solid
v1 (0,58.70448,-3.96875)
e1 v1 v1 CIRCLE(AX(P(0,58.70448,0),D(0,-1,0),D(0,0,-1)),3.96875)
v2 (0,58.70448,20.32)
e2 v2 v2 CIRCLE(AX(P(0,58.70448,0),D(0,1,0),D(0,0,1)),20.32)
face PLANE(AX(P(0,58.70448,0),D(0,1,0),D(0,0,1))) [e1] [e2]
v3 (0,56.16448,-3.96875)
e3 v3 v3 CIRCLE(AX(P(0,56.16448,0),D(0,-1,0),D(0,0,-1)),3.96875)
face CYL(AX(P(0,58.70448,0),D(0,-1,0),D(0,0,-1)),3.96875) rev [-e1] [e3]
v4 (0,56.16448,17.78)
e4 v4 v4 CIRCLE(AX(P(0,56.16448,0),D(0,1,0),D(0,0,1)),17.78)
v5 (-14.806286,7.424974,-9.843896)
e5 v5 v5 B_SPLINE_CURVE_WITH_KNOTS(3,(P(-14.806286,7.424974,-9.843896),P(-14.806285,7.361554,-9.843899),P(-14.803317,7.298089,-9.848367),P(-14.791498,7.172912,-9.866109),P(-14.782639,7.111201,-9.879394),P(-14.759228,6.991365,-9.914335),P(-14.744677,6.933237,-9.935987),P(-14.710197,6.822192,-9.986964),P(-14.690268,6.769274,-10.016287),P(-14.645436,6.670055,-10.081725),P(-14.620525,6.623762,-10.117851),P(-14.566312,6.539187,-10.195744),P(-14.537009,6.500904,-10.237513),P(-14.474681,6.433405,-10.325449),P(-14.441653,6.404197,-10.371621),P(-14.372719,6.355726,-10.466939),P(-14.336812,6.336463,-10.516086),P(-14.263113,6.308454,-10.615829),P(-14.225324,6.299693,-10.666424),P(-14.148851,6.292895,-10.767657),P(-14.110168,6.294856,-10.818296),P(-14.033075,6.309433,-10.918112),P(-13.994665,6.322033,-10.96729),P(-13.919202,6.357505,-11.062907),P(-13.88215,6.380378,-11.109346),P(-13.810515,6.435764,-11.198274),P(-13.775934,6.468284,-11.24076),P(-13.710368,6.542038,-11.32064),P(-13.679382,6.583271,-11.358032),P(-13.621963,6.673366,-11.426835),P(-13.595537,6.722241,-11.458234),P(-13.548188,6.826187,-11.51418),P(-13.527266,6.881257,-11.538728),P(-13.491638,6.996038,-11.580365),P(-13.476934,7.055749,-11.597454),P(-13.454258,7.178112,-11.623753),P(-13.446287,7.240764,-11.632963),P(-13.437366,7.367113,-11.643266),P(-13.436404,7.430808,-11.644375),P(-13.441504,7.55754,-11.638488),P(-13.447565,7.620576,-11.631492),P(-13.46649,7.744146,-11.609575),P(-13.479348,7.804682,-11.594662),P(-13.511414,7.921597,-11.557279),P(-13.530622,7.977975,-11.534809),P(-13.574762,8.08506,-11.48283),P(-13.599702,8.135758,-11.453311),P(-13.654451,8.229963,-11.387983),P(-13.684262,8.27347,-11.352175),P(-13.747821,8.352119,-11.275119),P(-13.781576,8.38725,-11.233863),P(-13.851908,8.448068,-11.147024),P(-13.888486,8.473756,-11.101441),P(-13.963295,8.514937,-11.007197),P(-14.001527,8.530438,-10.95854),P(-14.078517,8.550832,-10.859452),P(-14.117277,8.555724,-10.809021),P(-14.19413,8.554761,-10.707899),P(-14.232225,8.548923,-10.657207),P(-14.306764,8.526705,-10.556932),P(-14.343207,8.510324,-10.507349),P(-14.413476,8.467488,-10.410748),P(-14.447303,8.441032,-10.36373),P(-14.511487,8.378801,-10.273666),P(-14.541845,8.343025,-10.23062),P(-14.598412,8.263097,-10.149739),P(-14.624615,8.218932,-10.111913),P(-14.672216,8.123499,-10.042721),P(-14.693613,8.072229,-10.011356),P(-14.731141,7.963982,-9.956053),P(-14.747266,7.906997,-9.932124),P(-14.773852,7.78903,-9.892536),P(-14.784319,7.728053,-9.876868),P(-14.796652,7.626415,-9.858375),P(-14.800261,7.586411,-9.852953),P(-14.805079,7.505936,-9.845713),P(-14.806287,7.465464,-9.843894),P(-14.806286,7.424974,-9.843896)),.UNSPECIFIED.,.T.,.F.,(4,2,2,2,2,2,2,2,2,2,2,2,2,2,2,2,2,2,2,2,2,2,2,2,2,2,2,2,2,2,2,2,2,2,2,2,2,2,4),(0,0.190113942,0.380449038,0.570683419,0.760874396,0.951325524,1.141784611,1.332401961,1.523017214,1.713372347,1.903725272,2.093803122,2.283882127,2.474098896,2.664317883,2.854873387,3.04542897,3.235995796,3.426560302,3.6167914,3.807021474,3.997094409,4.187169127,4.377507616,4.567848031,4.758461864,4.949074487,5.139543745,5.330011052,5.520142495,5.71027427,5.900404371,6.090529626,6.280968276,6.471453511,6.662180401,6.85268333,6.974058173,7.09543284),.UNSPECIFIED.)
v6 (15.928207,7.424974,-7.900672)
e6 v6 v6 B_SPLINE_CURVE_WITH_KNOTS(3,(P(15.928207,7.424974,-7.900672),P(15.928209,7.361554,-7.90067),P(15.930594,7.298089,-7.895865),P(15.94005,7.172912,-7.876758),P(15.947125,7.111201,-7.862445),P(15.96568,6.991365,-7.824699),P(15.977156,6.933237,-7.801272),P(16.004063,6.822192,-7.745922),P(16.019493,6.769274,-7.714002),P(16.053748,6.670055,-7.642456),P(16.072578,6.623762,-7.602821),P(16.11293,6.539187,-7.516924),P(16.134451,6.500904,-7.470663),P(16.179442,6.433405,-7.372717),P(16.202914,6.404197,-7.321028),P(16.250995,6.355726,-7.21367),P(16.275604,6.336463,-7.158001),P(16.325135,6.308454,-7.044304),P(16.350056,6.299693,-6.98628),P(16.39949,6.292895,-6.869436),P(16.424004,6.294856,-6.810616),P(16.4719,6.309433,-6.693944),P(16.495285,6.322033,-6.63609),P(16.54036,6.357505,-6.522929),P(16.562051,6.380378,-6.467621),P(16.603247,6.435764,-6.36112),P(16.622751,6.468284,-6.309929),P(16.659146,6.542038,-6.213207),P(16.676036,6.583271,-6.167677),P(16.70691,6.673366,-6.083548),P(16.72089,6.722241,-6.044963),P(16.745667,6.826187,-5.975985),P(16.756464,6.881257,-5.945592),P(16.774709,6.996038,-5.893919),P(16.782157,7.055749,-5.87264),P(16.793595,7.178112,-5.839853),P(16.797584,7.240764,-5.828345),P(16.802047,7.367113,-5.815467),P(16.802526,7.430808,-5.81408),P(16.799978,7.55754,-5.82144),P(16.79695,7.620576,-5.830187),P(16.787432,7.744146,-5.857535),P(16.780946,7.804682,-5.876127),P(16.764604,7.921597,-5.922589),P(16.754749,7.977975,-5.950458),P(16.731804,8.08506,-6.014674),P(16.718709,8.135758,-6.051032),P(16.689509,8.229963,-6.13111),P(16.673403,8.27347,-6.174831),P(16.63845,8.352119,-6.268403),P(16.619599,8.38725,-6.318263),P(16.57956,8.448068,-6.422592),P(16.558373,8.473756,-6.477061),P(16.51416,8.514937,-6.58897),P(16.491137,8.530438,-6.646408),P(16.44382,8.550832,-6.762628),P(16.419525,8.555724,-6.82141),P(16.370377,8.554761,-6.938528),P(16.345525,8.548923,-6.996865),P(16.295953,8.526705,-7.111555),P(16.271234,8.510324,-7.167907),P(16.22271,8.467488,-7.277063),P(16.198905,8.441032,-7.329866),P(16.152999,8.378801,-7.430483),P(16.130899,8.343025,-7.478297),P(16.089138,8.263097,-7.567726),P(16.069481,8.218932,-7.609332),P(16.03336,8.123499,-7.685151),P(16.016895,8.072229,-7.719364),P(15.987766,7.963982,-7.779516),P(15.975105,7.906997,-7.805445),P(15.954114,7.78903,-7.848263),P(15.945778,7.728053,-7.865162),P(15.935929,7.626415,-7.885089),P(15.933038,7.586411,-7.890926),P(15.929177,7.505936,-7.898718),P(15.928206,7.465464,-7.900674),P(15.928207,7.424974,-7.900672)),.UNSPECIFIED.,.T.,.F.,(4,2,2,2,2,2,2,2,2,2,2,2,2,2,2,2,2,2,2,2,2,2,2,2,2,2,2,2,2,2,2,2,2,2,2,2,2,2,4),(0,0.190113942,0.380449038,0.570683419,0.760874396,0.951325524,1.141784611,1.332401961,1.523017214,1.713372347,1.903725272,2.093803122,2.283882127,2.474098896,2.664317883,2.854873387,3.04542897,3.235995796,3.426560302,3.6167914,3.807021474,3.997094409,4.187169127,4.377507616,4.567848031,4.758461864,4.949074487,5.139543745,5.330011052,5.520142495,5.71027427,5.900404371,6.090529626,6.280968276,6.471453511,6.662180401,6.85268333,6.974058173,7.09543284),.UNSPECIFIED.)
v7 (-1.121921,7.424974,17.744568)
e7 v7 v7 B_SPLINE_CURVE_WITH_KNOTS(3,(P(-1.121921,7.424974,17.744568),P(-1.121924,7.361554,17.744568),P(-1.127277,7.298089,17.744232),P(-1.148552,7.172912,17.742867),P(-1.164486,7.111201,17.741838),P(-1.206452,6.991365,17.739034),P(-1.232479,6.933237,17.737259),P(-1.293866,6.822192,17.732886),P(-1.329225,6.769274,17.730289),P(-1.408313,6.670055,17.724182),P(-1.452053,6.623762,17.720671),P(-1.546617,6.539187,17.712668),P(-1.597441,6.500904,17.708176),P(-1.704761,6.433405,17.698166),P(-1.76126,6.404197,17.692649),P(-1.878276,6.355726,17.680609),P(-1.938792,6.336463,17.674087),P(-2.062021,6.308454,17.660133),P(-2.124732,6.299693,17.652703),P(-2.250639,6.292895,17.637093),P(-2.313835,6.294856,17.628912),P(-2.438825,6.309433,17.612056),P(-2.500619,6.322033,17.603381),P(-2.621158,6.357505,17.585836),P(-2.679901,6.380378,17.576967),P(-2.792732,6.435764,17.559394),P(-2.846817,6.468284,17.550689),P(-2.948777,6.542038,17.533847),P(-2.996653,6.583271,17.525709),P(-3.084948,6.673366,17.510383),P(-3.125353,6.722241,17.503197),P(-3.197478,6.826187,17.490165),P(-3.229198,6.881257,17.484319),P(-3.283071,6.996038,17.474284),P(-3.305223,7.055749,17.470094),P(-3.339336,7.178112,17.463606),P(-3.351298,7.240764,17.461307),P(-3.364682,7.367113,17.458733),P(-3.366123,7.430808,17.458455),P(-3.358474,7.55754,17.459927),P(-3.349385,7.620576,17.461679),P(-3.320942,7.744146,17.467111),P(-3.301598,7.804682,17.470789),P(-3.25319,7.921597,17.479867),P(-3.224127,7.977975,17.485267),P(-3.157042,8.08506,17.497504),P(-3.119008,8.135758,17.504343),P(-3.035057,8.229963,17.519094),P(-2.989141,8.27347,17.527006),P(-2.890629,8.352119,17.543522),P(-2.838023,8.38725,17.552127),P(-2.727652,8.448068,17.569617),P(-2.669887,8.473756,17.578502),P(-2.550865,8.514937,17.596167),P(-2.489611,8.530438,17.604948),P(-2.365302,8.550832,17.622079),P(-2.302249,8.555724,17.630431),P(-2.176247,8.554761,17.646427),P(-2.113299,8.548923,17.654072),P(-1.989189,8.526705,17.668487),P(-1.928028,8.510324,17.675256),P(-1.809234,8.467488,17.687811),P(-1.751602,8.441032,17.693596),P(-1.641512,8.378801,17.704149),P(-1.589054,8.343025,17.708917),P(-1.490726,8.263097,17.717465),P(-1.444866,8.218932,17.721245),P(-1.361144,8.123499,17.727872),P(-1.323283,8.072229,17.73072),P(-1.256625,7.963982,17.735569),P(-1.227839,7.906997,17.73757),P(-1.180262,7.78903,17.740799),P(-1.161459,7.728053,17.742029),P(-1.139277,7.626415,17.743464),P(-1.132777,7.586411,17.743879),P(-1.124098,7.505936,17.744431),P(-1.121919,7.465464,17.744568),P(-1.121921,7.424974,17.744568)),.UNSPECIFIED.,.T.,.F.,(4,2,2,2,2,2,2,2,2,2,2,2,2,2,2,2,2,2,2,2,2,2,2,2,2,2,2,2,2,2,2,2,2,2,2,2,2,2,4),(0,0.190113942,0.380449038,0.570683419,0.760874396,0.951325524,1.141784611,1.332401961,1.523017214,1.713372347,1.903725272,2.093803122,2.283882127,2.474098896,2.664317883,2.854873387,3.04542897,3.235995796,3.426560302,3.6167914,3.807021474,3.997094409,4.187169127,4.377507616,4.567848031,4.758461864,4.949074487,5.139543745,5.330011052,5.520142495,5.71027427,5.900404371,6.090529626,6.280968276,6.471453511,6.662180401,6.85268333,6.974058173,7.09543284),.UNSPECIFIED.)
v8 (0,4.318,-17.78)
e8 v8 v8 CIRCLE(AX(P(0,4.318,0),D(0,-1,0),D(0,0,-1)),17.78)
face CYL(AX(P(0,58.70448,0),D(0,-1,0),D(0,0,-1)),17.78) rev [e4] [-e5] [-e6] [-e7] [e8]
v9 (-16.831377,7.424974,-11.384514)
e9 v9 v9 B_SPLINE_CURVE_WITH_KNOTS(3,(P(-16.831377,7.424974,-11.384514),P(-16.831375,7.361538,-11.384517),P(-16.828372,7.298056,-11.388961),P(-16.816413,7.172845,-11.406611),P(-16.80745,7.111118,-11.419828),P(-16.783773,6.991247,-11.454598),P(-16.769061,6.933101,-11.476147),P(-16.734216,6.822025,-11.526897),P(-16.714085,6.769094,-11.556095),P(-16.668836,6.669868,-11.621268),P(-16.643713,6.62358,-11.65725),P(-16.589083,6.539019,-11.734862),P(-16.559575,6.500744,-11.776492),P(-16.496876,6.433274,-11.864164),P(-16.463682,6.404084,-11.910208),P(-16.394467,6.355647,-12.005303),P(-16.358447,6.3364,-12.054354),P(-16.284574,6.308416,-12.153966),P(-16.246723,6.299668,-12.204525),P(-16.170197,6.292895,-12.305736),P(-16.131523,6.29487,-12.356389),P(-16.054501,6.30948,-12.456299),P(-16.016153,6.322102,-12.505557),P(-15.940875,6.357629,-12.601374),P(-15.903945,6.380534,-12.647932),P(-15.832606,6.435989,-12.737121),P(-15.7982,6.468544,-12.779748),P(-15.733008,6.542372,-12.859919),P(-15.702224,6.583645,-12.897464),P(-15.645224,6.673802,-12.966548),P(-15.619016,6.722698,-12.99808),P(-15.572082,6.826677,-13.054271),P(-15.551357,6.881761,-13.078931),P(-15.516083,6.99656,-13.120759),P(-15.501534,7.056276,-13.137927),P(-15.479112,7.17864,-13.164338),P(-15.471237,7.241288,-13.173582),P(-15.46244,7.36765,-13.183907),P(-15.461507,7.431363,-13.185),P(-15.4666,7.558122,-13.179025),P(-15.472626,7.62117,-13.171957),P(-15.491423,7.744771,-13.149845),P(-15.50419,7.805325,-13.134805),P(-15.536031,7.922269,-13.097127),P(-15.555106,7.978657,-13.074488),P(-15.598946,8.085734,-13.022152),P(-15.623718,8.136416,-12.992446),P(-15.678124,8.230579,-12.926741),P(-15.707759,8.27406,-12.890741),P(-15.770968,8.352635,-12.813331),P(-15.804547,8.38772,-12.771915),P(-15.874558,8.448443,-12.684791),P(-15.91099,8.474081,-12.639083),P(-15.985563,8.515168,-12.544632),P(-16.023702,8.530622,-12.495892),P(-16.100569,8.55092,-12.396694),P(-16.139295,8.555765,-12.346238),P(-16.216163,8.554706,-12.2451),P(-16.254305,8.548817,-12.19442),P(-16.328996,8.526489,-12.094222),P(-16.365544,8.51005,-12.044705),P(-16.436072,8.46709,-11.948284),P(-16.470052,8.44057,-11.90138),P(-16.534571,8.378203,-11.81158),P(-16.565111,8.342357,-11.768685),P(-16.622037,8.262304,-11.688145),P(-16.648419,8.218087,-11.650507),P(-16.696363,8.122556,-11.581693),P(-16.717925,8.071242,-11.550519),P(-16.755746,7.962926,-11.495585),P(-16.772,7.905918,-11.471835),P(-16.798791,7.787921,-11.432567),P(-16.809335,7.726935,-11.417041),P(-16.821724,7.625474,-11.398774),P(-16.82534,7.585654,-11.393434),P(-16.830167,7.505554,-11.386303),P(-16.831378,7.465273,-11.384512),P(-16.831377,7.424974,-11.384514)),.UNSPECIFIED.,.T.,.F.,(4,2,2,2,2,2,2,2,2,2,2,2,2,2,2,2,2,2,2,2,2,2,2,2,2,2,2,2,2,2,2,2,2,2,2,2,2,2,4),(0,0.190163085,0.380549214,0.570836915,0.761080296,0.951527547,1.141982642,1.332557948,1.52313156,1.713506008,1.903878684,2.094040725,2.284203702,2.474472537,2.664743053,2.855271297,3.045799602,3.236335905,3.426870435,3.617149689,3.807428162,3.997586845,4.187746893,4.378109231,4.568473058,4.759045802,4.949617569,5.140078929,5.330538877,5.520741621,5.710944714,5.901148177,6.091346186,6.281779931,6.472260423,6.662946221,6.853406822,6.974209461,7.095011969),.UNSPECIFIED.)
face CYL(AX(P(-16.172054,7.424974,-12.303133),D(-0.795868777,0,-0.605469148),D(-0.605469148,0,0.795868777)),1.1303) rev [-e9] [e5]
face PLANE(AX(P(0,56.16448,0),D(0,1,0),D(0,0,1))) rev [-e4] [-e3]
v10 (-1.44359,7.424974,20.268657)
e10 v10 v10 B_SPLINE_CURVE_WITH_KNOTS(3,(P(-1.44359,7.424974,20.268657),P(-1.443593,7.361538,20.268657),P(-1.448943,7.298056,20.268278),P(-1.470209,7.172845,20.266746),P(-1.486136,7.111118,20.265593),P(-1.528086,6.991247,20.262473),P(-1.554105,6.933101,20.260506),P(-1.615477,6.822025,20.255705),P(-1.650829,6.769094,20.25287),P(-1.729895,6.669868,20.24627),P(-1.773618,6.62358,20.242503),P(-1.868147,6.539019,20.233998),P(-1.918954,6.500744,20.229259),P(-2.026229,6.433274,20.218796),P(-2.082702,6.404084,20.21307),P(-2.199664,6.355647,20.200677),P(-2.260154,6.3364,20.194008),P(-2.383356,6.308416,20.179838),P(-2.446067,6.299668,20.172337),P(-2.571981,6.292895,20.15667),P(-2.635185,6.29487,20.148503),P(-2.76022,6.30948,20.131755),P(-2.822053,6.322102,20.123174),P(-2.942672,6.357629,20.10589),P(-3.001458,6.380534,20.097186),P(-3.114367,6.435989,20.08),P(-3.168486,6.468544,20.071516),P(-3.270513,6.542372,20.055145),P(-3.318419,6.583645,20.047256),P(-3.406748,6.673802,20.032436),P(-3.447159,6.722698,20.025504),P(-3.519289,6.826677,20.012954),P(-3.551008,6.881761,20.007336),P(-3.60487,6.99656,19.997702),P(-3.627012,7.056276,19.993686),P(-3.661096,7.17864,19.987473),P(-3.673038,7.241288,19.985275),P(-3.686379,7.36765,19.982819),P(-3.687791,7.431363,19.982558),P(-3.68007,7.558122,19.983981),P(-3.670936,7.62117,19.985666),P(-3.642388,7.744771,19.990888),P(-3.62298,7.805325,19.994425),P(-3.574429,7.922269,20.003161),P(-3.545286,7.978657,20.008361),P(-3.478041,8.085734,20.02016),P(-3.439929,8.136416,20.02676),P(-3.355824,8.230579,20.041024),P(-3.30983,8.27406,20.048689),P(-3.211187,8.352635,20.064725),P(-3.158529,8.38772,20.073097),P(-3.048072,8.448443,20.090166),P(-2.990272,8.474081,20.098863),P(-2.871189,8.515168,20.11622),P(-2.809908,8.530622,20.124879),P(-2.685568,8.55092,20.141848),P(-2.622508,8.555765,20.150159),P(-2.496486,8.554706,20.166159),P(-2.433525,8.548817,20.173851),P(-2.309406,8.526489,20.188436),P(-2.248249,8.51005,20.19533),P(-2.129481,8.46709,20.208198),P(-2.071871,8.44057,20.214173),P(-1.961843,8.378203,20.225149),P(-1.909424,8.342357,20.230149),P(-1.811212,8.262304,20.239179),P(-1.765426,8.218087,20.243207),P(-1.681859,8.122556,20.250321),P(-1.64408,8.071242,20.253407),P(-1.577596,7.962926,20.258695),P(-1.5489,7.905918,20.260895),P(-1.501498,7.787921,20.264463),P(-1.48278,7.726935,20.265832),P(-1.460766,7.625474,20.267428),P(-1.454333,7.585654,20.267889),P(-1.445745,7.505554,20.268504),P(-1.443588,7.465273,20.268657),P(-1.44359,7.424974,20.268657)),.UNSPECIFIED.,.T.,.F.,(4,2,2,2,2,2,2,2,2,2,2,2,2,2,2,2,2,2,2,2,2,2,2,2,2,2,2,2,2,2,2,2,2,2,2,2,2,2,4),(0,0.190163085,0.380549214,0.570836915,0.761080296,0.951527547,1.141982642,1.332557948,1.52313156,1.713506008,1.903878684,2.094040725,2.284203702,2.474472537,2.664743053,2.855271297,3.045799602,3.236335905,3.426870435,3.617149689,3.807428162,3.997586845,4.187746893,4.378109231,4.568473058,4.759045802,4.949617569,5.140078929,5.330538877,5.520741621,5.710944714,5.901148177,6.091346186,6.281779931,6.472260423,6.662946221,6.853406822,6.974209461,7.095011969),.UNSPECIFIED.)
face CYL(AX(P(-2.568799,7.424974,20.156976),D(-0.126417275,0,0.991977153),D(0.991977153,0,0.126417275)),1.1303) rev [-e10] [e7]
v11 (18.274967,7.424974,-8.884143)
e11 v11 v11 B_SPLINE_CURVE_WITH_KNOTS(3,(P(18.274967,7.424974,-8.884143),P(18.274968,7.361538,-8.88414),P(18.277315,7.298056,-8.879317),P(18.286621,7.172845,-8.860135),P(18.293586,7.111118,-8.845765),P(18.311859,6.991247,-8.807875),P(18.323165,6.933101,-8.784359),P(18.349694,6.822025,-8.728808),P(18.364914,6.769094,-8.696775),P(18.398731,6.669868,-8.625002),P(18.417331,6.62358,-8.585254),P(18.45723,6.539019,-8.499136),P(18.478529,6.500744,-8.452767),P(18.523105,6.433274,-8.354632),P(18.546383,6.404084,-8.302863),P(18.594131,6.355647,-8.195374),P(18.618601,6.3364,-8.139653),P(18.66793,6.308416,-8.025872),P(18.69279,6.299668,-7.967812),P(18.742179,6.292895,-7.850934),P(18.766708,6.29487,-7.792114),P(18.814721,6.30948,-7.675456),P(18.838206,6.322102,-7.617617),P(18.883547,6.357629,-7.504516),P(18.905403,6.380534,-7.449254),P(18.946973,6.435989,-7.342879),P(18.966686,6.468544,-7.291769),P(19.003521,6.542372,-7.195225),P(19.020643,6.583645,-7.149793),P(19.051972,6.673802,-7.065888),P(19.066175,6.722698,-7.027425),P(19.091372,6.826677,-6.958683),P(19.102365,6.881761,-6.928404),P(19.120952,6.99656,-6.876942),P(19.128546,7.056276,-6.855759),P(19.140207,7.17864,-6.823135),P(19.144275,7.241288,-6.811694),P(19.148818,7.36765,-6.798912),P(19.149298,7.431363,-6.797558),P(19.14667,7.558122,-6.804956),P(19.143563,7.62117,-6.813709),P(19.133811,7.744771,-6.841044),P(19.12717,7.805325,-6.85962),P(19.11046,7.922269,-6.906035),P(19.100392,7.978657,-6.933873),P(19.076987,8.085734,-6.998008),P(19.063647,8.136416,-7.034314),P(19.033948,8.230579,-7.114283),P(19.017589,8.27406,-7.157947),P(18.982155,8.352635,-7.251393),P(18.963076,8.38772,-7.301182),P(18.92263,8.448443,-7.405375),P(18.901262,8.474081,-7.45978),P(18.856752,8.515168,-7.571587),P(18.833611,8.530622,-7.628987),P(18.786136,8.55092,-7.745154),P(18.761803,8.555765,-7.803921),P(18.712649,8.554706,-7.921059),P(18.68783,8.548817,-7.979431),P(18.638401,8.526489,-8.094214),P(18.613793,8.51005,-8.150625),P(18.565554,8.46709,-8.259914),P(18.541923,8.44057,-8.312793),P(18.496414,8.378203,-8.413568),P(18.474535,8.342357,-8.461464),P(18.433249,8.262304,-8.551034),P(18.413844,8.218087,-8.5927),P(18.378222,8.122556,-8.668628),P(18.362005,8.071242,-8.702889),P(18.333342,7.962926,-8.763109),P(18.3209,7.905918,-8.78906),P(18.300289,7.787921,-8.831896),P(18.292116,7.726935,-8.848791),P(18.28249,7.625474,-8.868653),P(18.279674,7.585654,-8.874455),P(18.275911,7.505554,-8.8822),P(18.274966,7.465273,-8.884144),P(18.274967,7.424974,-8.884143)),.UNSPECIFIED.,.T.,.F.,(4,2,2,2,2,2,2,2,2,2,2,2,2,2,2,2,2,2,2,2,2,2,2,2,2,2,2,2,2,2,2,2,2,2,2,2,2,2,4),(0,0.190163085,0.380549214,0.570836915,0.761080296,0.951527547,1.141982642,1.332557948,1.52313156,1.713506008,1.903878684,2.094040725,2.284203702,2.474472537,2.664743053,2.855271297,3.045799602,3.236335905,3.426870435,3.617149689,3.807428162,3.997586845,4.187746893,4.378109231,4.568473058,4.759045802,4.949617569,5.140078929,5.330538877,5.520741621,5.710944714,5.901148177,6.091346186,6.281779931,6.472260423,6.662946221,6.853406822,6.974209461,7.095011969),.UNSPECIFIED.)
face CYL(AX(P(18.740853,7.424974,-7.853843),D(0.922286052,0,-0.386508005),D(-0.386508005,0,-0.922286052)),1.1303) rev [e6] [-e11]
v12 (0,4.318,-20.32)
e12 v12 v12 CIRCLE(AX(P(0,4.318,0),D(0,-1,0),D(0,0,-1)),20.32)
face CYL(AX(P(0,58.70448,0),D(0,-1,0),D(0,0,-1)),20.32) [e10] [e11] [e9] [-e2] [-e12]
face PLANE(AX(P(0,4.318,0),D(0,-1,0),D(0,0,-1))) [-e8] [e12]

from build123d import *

# Parameters (mm, degrees)
SKETCH1_R           = 20.32
BOSS_EXTRUDE1_DEPTH = 58.70448
SHELL1_T            = -2.54
SKETCH2_R           = 3.96875
CUT_EXTRUDE1_DEPTH  = 64.089251174
CIRPATTERN1_COUNT   = 3
SKETCH9_R           = 20.32
CUT_EXTRUDE2_DEPTH  = 4.318


with BuildPart() as part:
    # Sketch1 → Boss-Extrude1 (new body)
    with BuildSketch(Plane(origin=(0, 0, 0), x_dir=(1, 0, 0), z_dir=(0, 1, 0))):
        with Locations(Location((0, 0, 0), (0, 0, 270))):
            Circle(SKETCH1_R)
    extrude(amount=BOSS_EXTRUDE1_DEPTH)

    # Shell1
    shell1_openings = [part.faces().sort_by_distance(p)[0] for p in [
        (0, 0, 0),
    ]]
    offset(amount=SHELL1_T, openings=shell1_openings, kind=Kind.INTERSECTION)

    # Sketch2 → Cut-Extrude1 (cut, through all)
    with BuildSketch(Plane.XZ.offset(-56.16448)):
        with Locations(Location((0, 0, 0), (0, 0, 270))):
            Circle(SKETCH2_R)
    extrude(amount=-CUT_EXTRUDE1_DEPTH, mode=Mode.SUBTRACT)

    # Sketch8 → #2 Clearance Hole1 (revolve, cut)
    with BuildSketch(Plane(origin=(-2.56879902, 7.424974445, 20.156975755), x_dir=(0.9919771533037619, 0, 0.1264172746240199), z_dir=(0, 1, 0))):
        Polygon((0, 0), (0, 9.838434313), (1.1303, 8.89), (1.1303, 0), align=None)
    f_2_clearance_hole1 = revolve(axis=Axis((-3.371548714, 7.424974445, 26.456030679), (0.1264172746240199, 0, -0.9919771533037619)), mode=Mode.SUBTRACT)

    # CirPattern1: #2 Clearance Hole1 ×3 about axis
    cirpattern1_axis = Axis((0, 58.70448, 0), (0, -1, 0))
    for i in range(1, CIRPATTERN1_COUNT):
        add(f_2_clearance_hole1.rotate(cirpattern1_axis, i * 360 / CIRPATTERN1_COUNT), mode=Mode.SUBTRACT)

    # Sketch9 → Cut-Extrude2 (cut)
    with BuildSketch(Plane.XZ):
        with Locations(Location((0, 0, 0), (0, 0, 270))):
            Circle(SKETCH9_R)
    extrude(amount=-CUT_EXTRUDE2_DEPTH, mode=Mode.SUBTRACT)


solid = part.part
